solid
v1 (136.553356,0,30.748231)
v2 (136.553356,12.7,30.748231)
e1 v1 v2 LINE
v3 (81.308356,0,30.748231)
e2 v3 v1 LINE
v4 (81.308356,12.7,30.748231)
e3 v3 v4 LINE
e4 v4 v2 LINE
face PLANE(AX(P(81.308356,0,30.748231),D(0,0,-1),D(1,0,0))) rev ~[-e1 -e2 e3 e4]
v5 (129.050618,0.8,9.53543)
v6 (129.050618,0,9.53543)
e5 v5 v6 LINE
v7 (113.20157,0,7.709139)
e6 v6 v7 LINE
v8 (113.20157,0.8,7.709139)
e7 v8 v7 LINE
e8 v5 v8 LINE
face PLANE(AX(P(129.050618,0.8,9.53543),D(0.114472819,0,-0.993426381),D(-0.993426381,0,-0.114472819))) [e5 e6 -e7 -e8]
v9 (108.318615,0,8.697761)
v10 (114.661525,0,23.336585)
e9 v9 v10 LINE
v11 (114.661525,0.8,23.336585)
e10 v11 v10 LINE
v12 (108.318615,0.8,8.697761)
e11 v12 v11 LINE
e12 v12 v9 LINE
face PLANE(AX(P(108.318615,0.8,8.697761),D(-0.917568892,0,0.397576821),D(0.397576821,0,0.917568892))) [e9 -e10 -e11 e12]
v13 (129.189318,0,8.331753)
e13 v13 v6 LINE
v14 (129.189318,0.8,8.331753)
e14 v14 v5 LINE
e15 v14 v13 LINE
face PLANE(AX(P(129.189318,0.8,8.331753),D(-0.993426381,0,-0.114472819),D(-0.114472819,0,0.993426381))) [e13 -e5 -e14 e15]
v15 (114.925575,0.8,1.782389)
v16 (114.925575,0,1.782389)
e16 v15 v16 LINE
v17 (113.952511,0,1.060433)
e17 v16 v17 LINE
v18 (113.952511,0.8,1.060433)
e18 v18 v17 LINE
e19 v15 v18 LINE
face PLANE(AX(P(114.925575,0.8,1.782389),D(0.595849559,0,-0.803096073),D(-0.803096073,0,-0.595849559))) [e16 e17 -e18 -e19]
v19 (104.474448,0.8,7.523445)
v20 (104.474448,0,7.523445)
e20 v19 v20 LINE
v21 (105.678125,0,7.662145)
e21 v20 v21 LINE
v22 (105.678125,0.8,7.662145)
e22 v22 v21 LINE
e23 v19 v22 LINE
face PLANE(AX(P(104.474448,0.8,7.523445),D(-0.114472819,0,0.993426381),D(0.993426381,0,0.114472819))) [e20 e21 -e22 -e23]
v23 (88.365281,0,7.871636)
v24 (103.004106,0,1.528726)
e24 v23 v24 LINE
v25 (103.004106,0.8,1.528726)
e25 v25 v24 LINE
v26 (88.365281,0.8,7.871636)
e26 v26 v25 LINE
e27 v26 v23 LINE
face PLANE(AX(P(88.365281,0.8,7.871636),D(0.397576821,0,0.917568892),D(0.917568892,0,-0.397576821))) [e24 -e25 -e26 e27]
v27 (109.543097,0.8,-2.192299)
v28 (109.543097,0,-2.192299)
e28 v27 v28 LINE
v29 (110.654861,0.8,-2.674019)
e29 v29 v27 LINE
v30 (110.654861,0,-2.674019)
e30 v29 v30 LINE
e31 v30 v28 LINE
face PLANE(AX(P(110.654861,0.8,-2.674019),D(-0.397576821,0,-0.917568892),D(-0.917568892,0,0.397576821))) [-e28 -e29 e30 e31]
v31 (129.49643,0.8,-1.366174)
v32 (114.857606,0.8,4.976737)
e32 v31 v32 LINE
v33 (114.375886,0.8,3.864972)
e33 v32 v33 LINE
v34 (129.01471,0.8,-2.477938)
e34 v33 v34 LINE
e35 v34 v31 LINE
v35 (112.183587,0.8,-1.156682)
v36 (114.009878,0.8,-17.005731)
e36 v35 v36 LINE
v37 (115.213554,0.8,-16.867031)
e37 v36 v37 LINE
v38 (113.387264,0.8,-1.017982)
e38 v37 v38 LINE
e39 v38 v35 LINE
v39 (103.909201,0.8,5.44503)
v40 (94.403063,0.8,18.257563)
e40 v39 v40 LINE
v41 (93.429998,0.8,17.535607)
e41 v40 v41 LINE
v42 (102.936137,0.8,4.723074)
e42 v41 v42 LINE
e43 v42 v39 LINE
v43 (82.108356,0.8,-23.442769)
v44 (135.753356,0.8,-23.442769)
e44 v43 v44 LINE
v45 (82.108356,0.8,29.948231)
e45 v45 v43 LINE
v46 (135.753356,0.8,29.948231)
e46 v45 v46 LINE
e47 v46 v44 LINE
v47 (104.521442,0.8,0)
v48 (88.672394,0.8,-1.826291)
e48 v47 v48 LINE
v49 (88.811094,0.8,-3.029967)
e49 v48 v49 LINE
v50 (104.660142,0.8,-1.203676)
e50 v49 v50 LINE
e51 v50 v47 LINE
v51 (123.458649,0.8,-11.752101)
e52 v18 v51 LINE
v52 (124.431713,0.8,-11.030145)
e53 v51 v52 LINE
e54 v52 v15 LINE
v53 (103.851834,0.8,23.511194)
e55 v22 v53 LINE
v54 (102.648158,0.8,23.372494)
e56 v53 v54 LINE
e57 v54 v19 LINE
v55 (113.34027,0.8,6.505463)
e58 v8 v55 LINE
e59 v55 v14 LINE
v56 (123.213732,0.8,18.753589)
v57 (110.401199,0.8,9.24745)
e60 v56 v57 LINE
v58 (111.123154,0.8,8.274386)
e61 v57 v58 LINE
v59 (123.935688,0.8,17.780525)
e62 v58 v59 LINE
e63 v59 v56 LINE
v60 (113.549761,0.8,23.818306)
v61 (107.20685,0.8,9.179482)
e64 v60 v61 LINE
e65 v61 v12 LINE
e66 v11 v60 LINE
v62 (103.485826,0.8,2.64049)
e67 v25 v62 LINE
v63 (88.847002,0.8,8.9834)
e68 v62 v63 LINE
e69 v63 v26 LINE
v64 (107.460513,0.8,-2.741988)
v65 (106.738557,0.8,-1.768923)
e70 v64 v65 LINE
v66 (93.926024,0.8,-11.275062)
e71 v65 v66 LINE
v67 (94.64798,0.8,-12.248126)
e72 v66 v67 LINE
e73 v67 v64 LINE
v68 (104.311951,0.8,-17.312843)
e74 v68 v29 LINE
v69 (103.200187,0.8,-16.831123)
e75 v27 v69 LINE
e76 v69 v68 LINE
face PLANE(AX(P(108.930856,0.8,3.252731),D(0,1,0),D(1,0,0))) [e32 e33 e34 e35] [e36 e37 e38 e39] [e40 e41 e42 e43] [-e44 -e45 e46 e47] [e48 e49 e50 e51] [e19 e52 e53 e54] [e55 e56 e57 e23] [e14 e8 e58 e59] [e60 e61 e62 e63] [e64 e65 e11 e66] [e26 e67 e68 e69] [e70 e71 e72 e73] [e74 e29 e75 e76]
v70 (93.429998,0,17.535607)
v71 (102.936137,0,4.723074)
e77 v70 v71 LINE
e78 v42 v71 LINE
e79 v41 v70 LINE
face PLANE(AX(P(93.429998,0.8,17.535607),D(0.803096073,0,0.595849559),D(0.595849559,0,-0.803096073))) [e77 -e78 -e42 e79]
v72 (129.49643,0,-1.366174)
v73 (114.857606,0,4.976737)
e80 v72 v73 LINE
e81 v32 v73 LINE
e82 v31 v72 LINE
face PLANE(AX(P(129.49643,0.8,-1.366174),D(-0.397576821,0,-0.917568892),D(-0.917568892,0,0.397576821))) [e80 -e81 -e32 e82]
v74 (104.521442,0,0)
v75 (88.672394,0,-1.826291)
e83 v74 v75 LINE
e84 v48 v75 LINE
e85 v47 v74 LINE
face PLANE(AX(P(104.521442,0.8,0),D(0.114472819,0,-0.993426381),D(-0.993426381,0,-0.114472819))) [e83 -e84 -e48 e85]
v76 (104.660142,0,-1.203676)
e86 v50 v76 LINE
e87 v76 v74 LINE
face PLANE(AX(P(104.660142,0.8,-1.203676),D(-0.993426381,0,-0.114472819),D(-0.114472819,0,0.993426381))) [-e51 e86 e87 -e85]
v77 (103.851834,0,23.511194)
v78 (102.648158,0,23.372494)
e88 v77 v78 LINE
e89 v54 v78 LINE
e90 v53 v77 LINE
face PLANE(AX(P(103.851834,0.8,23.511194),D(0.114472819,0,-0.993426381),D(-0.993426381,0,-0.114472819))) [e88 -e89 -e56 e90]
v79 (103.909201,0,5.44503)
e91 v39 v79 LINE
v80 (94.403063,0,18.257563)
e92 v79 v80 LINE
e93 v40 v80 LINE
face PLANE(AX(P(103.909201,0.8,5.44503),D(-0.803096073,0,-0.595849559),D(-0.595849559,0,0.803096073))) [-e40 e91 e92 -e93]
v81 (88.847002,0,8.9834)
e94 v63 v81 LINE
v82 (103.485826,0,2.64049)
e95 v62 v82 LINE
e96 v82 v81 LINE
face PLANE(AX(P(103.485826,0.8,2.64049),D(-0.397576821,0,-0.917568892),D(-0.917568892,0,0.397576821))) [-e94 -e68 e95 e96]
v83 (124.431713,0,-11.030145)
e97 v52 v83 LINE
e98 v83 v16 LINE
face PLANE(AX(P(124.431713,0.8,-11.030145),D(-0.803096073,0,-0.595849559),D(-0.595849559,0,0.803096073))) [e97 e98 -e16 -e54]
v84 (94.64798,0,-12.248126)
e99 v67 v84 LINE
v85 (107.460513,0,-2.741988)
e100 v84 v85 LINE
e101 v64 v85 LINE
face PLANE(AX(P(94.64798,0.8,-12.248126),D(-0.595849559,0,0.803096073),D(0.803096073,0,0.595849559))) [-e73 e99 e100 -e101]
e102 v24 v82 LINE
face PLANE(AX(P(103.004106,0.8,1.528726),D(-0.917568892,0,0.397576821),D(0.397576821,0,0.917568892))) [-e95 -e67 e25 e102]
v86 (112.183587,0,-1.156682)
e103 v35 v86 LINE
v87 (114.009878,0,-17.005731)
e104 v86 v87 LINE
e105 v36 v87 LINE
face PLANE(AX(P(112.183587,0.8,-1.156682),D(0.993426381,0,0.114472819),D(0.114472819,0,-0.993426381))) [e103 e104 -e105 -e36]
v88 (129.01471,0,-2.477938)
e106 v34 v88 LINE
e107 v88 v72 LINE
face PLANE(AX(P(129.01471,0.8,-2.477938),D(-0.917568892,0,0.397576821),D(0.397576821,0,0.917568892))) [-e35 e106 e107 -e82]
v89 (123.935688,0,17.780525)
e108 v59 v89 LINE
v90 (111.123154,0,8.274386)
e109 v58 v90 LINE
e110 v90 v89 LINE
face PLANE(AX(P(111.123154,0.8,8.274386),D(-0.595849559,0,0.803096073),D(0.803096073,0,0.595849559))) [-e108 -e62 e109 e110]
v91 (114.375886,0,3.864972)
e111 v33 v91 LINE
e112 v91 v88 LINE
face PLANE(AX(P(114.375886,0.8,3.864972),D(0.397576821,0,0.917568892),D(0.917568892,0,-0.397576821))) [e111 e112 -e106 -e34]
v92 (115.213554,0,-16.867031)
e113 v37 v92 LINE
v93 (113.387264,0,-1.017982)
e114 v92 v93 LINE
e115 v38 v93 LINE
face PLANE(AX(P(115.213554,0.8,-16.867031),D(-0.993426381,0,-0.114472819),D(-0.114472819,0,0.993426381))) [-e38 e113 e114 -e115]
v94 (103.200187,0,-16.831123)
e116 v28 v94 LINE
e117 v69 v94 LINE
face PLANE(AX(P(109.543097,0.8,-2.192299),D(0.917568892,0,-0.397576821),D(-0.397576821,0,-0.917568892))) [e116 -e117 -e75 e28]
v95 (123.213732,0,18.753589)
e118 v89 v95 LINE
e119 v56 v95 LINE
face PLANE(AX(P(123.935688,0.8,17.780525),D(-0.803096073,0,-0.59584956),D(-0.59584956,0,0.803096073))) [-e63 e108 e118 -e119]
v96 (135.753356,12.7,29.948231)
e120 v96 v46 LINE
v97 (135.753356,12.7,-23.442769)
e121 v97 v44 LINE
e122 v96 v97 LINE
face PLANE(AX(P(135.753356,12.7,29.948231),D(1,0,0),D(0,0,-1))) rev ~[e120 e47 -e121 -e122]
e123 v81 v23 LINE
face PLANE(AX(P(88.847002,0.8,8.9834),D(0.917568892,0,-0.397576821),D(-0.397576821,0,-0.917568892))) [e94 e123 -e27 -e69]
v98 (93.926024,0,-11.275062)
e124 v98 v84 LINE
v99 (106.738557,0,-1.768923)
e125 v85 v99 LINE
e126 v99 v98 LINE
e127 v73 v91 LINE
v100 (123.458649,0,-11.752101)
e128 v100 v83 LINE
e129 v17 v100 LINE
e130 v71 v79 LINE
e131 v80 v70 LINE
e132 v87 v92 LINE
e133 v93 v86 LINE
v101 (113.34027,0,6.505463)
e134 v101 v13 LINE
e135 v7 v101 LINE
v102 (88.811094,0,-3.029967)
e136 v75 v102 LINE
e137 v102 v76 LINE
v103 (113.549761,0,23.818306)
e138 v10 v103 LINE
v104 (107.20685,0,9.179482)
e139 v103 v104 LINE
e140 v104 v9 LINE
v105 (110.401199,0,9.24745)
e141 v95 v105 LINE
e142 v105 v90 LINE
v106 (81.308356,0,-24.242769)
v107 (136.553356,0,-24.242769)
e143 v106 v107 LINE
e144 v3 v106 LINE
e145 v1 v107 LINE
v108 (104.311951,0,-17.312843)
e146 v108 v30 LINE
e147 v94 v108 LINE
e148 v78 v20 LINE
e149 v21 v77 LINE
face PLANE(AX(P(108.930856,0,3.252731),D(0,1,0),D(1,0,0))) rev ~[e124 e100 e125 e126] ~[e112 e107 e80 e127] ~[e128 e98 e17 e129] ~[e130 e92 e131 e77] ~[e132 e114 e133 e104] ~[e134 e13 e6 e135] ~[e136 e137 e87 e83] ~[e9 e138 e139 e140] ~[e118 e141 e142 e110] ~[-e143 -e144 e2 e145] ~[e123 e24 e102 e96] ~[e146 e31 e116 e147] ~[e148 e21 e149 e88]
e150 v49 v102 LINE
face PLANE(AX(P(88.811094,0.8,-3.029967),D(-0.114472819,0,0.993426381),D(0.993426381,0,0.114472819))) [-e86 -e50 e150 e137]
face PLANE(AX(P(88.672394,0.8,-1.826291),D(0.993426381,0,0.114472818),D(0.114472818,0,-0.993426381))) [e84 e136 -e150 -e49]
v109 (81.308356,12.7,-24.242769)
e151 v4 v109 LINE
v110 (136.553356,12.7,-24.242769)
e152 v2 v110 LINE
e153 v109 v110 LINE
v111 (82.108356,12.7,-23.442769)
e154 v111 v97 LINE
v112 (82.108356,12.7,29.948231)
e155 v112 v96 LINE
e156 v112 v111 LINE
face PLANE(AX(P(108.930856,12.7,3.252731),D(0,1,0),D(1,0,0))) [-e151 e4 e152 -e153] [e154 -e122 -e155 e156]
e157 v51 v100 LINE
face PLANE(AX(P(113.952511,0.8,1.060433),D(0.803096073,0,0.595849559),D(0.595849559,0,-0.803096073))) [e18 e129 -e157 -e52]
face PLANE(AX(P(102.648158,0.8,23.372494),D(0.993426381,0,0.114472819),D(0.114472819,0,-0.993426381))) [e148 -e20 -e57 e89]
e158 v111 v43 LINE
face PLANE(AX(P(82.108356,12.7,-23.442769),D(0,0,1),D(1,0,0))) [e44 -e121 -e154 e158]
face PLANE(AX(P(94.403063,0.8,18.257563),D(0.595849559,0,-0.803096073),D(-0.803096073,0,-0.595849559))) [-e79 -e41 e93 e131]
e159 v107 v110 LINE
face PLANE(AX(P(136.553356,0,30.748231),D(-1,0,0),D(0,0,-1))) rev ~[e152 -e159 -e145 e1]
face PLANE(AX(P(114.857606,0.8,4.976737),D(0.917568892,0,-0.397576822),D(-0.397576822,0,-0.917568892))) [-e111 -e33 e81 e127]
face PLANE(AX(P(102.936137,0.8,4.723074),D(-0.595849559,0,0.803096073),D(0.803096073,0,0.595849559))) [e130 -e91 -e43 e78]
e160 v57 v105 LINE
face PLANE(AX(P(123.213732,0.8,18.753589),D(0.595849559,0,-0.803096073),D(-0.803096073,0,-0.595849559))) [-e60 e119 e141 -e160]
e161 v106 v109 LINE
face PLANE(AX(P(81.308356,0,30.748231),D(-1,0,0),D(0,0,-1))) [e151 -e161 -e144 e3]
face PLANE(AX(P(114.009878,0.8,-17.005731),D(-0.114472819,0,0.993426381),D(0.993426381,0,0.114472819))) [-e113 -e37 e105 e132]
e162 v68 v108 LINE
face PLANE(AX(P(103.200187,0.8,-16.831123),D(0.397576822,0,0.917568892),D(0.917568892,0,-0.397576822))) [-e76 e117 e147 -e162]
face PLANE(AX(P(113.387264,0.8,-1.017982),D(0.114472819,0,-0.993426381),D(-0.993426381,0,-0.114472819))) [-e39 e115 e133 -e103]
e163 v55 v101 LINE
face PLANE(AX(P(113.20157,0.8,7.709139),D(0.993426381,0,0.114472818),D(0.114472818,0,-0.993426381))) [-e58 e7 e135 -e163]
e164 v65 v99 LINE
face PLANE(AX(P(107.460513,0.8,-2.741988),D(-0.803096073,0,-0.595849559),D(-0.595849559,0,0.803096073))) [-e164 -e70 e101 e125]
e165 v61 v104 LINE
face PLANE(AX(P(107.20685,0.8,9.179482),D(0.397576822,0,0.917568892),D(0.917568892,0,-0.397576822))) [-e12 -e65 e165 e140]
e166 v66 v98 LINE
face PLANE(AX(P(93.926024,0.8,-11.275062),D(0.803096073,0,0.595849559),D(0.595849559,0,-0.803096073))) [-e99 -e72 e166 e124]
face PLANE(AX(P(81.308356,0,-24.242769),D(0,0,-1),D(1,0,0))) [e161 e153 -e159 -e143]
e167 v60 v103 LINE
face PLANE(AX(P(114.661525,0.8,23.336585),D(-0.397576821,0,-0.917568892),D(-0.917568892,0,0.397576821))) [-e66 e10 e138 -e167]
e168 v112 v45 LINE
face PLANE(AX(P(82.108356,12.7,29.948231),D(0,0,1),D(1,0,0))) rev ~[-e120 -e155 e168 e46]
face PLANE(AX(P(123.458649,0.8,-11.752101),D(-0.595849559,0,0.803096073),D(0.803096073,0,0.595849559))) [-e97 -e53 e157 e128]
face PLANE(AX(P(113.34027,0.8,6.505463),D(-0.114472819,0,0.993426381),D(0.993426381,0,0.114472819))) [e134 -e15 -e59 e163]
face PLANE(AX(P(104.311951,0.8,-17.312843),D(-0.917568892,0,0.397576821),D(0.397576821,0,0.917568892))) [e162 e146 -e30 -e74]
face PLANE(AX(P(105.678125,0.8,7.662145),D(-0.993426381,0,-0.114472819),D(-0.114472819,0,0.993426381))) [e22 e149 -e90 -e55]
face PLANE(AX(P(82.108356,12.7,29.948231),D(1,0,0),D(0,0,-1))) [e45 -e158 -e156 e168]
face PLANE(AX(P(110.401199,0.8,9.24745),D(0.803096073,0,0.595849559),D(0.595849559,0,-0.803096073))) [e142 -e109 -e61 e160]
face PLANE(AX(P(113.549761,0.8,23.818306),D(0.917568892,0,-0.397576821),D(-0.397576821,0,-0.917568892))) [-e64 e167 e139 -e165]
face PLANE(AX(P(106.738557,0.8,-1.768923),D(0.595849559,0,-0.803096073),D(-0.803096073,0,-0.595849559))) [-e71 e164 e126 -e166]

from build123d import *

# Parameters (mm, degrees)
SKETCH1_W           = 55.245
SKETCH1_H           = 54.991
BOSS_EXTRUDE1_DEPTH = 12.7
SKETCH2_W           = 53.645
SKETCH2_H           = 53.391
CUT_EXTRUDE1_DEPTH  = 11.9
CUT_EXTRUDE2_DEPTH  = 11.9


with BuildPart() as part:
    # Sketch1 → Boss-Extrude1 (new body)
    with BuildSketch(Plane(origin=(0, 0, 0), x_dir=(1, 0, 0), z_dir=(0, 1, 0))):
        with Locations((108.93085592, -3.252731307)):
            Rectangle(SKETCH1_W, SKETCH1_H)
    extrude(amount=BOSS_EXTRUDE1_DEPTH)

    # Sketch2 → Cut-Extrude1 (cut)
    with BuildSketch(Plane(origin=(0, 12.7, 0), x_dir=(1, 0, 0), z_dir=(0, 1, 0))):
        with Locations((108.93085592, -3.252731307)):
            Rectangle(SKETCH2_W, SKETCH2_H)
    extrude(amount=-CUT_EXTRUDE1_DEPTH, mode=Mode.SUBTRACT)

    # Sketch3 → Cut-Extrude2 (cut)
    with BuildSketch(Plane(origin=(0, 0.8, 0), x_dir=(1, 0, 0), z_dir=(0, 1, 0))):
        Polygon((88.811093554, 3.029967001), (104.660142286, 1.203676379), (104.521442297, 0), (88.672393566, 1.826290622), align=None)
        Polygon((94.647979747, 12.248126215), (107.460513263, 2.741987776), (106.73855736, 1.768923448), (93.926023844, 11.275061887), align=None)
        Polygon((104.311951076, 17.312843174), (110.654861369, 2.674019035), (109.543097052, 2.19229856), (103.20018676, 16.831122698), align=None)
        Polygon((115.213554228, 16.867031059), (113.387263606, 1.017982327), (112.183587227, 1.156682316), (114.009877849, 17.005731048), align=None)
        Polygon((124.431713442, 11.030144866), (114.925575003, -1.78238865), (113.952510675, -1.060432747), (123.458649114, 11.752100769), align=None)
        Polygon((129.496430401, 1.366173537), (114.857606263, -4.976736755), (114.375885787, -3.864972439), (129.014709925, 2.477937854), align=None)
        Polygon((129.050618286, -9.535429615), (113.201569555, -7.709138993), (113.340269543, -6.505462614), (129.189318275, -8.331753236), align=None)
        Polygon((123.213732093, -18.753588829), (110.401198577, -9.24745039), (111.12315448, -8.274386062), (123.935687997, -17.780524501), align=None)
        Polygon((113.549760764, -23.818305788), (107.206850472, -9.17948165), (108.318614788, -8.697761174), (114.661525081, -23.336585312), align=None)
        Polygon((102.648157613, -23.372493673), (104.474448234, -7.523444941), (105.678124613, -7.66214493), (103.851833991, -23.511193662), align=None)
        Polygon((93.429998399, -17.53560748), (102.936136838, -4.723073964), (103.909201165, -5.445029867), (94.403062726, -18.257563383), align=None)
        Polygon((88.365281439, -7.871636151), (103.004105578, -1.528725859), (103.485826053, -2.640490175), (88.847001915, -8.983400468), align=None)
    extrude(amount=-CUT_EXTRUDE2_DEPTH, mode=Mode.SUBTRACT)


solid = part.part
